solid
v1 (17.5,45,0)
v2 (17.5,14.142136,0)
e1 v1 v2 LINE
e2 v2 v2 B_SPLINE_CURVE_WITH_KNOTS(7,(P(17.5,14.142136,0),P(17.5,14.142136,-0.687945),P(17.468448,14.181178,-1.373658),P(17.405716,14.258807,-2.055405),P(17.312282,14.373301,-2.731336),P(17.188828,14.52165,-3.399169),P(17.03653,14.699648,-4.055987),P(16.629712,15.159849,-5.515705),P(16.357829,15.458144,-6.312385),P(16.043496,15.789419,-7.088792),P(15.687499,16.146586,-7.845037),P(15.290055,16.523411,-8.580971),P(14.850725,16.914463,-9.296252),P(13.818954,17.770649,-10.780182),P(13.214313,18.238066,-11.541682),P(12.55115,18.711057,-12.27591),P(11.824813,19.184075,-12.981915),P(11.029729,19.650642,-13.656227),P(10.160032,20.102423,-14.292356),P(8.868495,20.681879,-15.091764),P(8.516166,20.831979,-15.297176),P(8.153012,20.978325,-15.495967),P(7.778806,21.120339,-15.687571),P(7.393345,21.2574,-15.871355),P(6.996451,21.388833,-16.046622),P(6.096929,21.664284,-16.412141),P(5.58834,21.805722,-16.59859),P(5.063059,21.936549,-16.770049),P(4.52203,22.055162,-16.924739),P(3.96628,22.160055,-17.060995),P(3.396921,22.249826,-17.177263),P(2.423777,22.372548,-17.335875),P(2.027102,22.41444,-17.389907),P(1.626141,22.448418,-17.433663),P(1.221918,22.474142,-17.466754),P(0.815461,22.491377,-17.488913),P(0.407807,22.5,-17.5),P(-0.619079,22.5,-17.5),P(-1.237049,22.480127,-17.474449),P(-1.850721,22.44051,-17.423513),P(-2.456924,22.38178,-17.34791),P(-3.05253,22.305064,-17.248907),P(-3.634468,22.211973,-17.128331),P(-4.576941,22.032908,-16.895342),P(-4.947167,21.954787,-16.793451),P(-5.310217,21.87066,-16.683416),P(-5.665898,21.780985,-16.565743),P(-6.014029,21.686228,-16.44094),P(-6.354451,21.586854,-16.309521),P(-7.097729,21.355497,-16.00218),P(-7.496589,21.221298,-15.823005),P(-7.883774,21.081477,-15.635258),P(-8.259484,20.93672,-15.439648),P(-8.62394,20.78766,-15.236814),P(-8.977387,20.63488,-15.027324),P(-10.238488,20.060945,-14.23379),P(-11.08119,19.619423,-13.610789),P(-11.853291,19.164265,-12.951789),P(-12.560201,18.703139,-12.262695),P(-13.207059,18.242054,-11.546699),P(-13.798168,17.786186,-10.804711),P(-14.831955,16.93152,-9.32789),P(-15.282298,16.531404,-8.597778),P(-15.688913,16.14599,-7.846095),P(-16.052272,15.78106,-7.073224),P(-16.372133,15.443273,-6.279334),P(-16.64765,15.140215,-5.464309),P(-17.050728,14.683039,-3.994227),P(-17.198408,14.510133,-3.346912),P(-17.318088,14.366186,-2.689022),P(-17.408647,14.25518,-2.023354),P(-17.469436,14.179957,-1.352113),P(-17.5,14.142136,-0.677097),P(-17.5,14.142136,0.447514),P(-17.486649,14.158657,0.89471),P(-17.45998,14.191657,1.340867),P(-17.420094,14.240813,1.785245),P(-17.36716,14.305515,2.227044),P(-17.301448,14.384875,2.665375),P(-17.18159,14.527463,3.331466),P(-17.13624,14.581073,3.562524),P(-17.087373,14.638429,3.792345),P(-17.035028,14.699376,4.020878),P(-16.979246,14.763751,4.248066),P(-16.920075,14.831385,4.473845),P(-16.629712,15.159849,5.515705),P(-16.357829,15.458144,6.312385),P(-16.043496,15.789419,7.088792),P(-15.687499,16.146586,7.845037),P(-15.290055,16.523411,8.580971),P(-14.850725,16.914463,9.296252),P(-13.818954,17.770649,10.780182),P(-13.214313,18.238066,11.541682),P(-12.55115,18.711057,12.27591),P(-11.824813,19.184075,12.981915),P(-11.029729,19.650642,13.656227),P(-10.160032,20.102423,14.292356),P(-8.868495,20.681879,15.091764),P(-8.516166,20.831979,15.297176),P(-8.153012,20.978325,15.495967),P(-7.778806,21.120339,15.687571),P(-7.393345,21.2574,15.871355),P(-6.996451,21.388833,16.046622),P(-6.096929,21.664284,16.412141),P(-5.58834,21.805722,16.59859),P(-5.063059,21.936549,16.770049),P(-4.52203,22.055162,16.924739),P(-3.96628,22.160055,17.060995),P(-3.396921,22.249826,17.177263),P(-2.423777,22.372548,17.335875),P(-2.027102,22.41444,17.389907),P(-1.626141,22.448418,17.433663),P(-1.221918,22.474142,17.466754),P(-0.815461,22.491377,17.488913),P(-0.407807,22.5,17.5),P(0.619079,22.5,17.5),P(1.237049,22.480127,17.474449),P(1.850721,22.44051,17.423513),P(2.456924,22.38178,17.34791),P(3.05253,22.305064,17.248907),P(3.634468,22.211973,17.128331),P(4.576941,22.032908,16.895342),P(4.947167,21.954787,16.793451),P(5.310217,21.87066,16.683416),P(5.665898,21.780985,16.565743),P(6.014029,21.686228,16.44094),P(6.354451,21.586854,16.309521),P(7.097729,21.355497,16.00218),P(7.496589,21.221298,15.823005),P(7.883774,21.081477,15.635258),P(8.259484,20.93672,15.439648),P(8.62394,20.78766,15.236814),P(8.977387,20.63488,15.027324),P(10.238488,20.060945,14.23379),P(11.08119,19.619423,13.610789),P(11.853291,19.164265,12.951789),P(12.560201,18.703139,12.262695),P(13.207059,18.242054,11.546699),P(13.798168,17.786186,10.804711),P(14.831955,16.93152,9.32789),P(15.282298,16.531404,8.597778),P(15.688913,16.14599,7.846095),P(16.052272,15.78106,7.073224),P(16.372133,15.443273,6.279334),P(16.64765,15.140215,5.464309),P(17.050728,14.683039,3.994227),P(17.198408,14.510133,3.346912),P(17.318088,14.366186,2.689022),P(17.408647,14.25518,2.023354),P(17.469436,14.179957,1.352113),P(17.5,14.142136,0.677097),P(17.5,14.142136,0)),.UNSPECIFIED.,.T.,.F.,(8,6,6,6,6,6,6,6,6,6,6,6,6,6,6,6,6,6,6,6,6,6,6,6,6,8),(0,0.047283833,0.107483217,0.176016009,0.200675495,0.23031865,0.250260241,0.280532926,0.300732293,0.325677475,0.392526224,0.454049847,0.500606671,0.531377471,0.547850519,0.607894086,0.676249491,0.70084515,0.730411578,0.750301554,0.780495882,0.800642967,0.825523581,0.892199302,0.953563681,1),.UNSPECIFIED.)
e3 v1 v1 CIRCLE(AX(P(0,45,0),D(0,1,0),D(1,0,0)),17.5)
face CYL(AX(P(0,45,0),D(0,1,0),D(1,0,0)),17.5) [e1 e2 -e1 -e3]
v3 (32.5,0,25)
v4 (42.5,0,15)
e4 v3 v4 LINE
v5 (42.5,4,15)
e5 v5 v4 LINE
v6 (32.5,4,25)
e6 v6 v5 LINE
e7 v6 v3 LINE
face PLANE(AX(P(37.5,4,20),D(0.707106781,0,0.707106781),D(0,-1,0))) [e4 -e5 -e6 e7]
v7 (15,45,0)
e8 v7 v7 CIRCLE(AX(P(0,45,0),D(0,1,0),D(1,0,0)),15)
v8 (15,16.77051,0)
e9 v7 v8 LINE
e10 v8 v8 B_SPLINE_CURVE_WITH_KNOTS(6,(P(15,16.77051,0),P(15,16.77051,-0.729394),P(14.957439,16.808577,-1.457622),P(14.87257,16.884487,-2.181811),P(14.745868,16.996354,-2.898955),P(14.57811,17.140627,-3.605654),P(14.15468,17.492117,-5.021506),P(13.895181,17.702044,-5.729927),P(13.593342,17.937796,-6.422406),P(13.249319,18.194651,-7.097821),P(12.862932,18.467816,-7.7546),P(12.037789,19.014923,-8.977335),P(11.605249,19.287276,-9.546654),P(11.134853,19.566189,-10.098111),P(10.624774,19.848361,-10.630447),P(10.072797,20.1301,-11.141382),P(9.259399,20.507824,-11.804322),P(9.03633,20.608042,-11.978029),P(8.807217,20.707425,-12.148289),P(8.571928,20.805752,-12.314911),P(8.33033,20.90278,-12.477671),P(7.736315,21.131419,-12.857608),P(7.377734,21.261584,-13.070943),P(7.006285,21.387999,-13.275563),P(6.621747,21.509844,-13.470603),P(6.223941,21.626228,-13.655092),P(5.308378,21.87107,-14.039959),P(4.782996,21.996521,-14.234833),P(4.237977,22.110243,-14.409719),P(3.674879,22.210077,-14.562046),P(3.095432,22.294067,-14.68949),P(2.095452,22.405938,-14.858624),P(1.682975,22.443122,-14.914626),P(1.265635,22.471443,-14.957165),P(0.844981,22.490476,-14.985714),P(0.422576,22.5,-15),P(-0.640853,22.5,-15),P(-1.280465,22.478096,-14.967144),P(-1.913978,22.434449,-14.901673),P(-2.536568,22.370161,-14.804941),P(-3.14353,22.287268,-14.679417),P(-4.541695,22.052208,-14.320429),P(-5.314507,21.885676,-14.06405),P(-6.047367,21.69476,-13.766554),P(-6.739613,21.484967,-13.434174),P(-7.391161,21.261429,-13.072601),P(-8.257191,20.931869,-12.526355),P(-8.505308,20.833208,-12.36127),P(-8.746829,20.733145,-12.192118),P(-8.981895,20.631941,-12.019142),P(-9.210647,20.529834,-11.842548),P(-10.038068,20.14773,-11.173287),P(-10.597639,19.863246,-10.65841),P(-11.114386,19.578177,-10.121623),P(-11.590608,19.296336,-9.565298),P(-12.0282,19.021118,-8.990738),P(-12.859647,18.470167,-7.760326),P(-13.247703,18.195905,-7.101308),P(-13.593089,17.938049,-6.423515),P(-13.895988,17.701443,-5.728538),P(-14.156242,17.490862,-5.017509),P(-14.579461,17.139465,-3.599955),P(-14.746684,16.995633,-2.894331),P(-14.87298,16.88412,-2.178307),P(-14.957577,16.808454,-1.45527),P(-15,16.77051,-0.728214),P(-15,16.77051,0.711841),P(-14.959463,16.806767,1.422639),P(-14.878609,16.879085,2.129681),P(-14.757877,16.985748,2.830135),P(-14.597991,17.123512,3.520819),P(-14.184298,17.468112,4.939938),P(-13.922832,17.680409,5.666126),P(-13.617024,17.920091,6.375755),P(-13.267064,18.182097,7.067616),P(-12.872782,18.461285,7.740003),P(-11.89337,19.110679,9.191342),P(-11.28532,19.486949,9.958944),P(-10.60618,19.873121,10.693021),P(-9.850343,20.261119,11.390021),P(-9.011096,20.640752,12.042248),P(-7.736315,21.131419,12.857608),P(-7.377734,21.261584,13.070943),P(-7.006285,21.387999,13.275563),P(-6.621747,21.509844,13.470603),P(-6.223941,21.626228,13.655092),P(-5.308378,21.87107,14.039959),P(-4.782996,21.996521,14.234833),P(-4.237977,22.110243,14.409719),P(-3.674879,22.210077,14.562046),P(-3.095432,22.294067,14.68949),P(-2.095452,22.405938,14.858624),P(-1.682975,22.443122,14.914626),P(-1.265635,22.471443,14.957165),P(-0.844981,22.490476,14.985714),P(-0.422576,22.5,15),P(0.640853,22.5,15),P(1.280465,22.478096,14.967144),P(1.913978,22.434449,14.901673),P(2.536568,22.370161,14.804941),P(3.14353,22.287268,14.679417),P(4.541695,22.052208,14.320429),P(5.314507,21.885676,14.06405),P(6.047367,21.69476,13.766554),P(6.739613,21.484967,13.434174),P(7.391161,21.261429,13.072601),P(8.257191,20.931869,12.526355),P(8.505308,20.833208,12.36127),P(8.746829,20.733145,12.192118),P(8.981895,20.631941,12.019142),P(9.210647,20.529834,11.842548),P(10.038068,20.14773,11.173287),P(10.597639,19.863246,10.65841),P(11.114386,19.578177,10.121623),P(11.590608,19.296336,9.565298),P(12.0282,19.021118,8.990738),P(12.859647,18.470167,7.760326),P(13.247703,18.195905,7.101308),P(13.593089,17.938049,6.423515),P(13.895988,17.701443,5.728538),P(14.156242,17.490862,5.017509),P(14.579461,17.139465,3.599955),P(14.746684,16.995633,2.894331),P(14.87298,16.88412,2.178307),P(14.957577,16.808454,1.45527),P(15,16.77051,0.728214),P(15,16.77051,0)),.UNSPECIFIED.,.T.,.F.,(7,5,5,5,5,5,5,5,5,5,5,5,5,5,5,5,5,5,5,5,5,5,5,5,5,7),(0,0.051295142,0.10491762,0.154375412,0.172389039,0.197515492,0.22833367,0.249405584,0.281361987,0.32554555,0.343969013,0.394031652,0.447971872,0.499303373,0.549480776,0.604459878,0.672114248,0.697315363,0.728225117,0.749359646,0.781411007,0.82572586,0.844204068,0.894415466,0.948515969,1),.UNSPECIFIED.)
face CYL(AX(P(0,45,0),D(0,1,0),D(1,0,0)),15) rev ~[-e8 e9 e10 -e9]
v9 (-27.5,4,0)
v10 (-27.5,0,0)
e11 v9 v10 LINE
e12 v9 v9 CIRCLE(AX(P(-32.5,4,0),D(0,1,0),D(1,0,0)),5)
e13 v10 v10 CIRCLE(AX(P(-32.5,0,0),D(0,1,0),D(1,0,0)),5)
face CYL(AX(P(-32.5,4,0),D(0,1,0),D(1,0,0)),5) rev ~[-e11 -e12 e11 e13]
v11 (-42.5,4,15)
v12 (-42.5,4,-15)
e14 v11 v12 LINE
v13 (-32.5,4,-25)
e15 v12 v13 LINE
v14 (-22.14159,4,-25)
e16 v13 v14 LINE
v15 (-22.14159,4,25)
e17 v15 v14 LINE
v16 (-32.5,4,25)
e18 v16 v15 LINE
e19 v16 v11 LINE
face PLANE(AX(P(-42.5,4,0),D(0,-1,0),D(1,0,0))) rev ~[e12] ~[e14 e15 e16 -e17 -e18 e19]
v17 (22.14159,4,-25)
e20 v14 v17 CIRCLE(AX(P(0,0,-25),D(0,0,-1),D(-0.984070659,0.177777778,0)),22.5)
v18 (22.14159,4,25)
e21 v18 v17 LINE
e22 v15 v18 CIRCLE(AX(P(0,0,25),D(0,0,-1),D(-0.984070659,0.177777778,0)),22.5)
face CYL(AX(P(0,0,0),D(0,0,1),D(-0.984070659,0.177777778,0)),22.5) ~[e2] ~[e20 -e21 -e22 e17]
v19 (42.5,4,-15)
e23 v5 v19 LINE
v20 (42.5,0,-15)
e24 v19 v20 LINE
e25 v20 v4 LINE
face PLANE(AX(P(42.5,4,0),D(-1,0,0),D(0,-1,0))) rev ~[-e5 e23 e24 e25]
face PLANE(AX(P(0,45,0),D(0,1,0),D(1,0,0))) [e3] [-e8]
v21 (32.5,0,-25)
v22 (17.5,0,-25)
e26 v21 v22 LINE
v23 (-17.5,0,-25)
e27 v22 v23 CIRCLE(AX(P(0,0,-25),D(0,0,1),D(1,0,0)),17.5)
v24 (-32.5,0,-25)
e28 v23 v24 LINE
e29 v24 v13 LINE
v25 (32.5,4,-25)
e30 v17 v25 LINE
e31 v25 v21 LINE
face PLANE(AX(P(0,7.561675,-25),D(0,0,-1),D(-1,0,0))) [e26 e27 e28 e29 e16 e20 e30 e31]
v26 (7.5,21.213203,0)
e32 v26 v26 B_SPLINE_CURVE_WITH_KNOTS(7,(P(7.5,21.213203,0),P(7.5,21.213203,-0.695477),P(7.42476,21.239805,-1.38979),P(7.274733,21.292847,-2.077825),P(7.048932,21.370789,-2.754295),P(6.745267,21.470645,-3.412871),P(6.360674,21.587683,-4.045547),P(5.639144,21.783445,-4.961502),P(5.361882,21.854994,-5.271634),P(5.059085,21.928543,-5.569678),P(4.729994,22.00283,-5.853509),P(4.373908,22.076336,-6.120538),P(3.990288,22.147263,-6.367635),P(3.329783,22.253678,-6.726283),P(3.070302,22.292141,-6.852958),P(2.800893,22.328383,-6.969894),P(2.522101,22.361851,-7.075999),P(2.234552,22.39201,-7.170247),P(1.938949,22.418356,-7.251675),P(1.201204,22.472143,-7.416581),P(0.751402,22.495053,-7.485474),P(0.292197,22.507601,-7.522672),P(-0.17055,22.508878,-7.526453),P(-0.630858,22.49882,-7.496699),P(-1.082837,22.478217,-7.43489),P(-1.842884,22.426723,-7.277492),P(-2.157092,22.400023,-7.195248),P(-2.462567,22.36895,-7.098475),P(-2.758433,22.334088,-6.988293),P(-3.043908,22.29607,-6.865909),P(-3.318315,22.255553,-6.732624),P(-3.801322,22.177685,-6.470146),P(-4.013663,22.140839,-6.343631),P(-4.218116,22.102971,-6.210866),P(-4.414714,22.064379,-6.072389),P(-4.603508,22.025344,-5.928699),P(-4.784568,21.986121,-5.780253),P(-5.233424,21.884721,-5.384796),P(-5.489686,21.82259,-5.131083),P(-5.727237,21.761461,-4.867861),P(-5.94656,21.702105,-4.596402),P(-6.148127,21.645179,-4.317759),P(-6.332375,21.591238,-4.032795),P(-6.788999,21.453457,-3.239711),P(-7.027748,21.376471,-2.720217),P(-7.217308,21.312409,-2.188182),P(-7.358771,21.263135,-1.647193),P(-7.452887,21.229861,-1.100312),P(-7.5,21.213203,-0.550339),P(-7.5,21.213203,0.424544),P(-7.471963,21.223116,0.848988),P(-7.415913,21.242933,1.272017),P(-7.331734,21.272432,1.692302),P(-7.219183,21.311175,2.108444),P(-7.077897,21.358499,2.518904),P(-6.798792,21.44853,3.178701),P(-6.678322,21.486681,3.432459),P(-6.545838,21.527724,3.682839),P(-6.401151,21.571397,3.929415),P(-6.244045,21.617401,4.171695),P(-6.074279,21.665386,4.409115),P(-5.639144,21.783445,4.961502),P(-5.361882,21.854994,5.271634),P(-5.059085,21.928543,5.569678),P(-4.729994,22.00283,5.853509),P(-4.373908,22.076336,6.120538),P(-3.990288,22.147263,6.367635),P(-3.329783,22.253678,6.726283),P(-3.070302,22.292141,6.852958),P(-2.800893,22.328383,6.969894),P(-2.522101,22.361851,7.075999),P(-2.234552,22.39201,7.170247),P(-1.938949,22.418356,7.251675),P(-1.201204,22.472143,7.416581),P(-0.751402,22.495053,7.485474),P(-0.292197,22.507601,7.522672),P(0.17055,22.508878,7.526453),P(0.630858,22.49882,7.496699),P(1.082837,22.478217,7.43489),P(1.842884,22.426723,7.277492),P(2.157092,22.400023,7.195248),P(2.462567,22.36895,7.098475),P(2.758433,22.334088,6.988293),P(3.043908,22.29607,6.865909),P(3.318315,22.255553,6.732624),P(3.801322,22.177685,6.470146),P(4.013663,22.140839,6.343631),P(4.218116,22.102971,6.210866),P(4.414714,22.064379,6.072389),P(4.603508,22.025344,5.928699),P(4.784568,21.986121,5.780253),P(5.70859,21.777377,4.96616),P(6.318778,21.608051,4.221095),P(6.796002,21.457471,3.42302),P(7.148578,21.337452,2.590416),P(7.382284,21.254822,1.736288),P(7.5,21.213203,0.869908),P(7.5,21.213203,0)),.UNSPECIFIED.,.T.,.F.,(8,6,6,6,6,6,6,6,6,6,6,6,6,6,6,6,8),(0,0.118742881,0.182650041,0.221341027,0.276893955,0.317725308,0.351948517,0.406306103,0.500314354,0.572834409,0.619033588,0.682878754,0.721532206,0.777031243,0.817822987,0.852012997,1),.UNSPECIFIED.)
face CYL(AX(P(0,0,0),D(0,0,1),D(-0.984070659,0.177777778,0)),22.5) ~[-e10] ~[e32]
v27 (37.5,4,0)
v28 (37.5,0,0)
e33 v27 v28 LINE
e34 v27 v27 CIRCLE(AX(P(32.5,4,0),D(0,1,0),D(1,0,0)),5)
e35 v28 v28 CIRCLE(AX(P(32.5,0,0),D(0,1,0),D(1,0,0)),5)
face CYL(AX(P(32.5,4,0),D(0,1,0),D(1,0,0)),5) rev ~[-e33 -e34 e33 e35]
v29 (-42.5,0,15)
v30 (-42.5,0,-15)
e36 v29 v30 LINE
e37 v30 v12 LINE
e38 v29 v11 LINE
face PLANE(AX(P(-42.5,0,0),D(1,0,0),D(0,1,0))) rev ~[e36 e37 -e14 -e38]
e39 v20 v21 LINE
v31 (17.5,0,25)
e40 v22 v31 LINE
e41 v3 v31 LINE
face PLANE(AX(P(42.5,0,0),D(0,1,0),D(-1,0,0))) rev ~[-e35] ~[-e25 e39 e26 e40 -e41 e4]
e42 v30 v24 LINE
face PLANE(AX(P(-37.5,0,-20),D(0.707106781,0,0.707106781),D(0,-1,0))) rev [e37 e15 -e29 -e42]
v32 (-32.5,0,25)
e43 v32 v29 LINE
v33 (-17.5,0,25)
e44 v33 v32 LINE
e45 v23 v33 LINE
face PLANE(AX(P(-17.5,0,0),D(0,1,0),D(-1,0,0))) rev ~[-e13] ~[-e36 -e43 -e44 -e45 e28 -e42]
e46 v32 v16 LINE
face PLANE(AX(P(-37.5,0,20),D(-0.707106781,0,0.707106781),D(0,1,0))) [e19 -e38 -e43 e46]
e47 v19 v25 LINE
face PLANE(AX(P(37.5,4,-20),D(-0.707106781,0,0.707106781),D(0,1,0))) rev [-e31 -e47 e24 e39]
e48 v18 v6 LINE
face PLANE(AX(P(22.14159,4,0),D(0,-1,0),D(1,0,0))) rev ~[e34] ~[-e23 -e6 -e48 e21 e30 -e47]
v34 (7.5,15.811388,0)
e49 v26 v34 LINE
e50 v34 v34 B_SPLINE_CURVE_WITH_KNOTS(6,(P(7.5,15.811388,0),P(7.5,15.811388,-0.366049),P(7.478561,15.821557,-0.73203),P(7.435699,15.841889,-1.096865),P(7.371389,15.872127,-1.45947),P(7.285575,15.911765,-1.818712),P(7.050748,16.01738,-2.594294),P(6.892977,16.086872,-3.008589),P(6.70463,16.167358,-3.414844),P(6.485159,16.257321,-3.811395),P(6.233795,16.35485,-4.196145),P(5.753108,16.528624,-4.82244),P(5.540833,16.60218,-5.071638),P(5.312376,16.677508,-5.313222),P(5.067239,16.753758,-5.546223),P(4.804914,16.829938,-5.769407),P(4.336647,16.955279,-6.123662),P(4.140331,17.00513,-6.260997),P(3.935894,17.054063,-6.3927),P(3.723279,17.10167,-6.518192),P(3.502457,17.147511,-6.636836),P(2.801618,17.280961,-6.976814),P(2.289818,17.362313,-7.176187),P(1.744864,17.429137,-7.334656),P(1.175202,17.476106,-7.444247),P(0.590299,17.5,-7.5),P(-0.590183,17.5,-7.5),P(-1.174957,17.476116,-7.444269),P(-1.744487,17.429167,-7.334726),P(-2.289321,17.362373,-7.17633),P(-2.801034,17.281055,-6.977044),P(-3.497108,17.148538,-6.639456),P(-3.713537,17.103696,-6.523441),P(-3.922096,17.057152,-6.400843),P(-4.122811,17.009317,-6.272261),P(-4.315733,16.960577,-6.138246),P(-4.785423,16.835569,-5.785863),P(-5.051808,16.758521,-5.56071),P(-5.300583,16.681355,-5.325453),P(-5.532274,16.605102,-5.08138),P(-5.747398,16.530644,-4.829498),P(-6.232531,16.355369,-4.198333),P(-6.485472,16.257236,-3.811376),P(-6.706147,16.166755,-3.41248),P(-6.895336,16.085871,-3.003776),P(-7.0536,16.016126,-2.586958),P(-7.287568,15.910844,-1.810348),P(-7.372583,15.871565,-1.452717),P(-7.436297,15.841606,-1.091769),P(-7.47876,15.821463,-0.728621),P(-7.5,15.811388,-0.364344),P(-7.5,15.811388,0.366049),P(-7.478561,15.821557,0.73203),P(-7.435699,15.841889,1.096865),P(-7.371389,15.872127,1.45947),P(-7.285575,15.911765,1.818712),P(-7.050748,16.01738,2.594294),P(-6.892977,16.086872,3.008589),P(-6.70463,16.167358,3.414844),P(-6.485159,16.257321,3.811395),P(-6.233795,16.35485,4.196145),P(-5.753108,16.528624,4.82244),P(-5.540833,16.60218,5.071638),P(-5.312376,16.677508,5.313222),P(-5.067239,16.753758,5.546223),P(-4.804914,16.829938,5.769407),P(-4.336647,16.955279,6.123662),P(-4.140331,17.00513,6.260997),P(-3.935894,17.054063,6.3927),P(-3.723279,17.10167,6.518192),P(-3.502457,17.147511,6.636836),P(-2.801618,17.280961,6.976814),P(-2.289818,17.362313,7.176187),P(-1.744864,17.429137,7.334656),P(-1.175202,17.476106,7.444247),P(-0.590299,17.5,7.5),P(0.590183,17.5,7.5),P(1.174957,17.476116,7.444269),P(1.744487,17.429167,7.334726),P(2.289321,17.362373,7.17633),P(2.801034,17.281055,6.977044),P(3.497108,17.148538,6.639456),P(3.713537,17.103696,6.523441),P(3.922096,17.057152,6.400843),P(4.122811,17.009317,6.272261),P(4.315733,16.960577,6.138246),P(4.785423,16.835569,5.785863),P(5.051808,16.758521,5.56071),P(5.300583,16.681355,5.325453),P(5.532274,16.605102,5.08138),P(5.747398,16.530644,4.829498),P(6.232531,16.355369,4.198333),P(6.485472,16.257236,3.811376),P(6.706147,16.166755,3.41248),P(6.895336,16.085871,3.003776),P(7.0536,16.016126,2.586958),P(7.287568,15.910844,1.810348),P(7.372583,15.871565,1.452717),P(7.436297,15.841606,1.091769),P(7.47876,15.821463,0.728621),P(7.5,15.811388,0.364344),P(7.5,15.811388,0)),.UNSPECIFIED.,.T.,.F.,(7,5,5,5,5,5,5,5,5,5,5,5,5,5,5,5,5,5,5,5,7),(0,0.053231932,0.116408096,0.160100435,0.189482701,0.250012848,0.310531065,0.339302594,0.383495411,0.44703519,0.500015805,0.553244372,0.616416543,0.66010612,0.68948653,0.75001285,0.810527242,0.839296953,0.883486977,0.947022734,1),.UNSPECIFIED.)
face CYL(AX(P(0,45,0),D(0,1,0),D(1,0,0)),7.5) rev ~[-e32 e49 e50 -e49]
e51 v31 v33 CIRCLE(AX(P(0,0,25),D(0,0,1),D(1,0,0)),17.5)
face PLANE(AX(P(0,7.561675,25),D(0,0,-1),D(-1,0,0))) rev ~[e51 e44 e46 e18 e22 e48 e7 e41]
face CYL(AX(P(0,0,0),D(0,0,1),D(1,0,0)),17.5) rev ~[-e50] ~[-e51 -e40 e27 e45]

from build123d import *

# Parameters (mm, degrees)
BOSS_EXTRUDE1_DEPTH = 25
CHAMFER1_SIZE       = 10
SKETCH2_R           = 5
CUT_EXTRUDE1_DEPTH  = 50
BOSS_EXTRUDE2_REACH = 47
SKETCH3_R           = 17.5
SKETCH3_R_2         = 15
SKETCH4_R           = 7.5
CUT_EXTRUDE2_DEPTH  = 50


with BuildPart() as part:
    # Sketch1 → Boss-Extrude1 (new body, symmetric)
    with BuildSketch(Plane.XY):
        with BuildLine():
            Line((-17.5, 0), (-42.5, 0))
            Line((-42.5, 0), (-42.5, 4))
            Line((-42.5, 4), (-22.141589825, 4))
            ThreePointArc((-22.141589825, 4), (0, 22.5), (22.141589825, 4))
            Line((22.141589825, 4), (42.5, 4))
            Line((42.5, 4), (42.5, 0))
            Line((42.5, 0), (17.5, 0))
            ThreePointArc((17.5, 0), (0, 17.5), (-17.5, 0))
        make_face()
    extrude(amount=BOSS_EXTRUDE1_DEPTH, both=True)

    # Chamfer1
    chamfer1_edges = [part.edges().sort_by_distance(p)[0] for p in [
        (-42.5, 2, 25),
        (42.5, 2, 25),
        (42.5, 2, -25),
        (-42.5, 2, -25),
    ]]
    chamfer(chamfer1_edges, length=CHAMFER1_SIZE)

    # Sketch2 → Cut-Extrude1 (cut)
    with BuildSketch(Plane(origin=(0, 4, 0), x_dir=(1, 0, 0), z_dir=(0, 1, 0))):
        with Locations((32.5, 0)):
            Circle(SKETCH2_R)
        with Locations((-32.5, 0)):
            Circle(SKETCH2_R)
    extrude(amount=-CUT_EXTRUDE1_DEPTH, mode=Mode.SUBTRACT)

    # Sketch3 → Boss-Extrude2 (add, up to next)
    with BuildSketch(Plane(origin=(0, 45, 0), x_dir=(1, 0, 0), z_dir=(0, 1, 0)), mode=Mode.PRIVATE) as boss_extrude2_sk1:
        Circle(SKETCH3_R)
        Circle(SKETCH3_R_2, mode=Mode.SUBTRACT)
    boss_extrude2_tool1 = extrude(boss_extrude2_sk1.sketch, amount=-BOSS_EXTRUDE2_REACH, mode=Mode.PRIVATE) - part.part
    add(boss_extrude2_tool1.solids().sort_by_distance((-17.005025, 45, 0))[0])

    # Sketch4 → Cut-Extrude2 (cut)
    with BuildSketch(Plane(origin=(0, 45, 0), x_dir=(1, 0, 0), z_dir=(0, 1, 0))):
        Circle(SKETCH4_R)
    extrude(amount=-CUT_EXTRUDE2_DEPTH, mode=Mode.SUBTRACT)


solid = part.part
